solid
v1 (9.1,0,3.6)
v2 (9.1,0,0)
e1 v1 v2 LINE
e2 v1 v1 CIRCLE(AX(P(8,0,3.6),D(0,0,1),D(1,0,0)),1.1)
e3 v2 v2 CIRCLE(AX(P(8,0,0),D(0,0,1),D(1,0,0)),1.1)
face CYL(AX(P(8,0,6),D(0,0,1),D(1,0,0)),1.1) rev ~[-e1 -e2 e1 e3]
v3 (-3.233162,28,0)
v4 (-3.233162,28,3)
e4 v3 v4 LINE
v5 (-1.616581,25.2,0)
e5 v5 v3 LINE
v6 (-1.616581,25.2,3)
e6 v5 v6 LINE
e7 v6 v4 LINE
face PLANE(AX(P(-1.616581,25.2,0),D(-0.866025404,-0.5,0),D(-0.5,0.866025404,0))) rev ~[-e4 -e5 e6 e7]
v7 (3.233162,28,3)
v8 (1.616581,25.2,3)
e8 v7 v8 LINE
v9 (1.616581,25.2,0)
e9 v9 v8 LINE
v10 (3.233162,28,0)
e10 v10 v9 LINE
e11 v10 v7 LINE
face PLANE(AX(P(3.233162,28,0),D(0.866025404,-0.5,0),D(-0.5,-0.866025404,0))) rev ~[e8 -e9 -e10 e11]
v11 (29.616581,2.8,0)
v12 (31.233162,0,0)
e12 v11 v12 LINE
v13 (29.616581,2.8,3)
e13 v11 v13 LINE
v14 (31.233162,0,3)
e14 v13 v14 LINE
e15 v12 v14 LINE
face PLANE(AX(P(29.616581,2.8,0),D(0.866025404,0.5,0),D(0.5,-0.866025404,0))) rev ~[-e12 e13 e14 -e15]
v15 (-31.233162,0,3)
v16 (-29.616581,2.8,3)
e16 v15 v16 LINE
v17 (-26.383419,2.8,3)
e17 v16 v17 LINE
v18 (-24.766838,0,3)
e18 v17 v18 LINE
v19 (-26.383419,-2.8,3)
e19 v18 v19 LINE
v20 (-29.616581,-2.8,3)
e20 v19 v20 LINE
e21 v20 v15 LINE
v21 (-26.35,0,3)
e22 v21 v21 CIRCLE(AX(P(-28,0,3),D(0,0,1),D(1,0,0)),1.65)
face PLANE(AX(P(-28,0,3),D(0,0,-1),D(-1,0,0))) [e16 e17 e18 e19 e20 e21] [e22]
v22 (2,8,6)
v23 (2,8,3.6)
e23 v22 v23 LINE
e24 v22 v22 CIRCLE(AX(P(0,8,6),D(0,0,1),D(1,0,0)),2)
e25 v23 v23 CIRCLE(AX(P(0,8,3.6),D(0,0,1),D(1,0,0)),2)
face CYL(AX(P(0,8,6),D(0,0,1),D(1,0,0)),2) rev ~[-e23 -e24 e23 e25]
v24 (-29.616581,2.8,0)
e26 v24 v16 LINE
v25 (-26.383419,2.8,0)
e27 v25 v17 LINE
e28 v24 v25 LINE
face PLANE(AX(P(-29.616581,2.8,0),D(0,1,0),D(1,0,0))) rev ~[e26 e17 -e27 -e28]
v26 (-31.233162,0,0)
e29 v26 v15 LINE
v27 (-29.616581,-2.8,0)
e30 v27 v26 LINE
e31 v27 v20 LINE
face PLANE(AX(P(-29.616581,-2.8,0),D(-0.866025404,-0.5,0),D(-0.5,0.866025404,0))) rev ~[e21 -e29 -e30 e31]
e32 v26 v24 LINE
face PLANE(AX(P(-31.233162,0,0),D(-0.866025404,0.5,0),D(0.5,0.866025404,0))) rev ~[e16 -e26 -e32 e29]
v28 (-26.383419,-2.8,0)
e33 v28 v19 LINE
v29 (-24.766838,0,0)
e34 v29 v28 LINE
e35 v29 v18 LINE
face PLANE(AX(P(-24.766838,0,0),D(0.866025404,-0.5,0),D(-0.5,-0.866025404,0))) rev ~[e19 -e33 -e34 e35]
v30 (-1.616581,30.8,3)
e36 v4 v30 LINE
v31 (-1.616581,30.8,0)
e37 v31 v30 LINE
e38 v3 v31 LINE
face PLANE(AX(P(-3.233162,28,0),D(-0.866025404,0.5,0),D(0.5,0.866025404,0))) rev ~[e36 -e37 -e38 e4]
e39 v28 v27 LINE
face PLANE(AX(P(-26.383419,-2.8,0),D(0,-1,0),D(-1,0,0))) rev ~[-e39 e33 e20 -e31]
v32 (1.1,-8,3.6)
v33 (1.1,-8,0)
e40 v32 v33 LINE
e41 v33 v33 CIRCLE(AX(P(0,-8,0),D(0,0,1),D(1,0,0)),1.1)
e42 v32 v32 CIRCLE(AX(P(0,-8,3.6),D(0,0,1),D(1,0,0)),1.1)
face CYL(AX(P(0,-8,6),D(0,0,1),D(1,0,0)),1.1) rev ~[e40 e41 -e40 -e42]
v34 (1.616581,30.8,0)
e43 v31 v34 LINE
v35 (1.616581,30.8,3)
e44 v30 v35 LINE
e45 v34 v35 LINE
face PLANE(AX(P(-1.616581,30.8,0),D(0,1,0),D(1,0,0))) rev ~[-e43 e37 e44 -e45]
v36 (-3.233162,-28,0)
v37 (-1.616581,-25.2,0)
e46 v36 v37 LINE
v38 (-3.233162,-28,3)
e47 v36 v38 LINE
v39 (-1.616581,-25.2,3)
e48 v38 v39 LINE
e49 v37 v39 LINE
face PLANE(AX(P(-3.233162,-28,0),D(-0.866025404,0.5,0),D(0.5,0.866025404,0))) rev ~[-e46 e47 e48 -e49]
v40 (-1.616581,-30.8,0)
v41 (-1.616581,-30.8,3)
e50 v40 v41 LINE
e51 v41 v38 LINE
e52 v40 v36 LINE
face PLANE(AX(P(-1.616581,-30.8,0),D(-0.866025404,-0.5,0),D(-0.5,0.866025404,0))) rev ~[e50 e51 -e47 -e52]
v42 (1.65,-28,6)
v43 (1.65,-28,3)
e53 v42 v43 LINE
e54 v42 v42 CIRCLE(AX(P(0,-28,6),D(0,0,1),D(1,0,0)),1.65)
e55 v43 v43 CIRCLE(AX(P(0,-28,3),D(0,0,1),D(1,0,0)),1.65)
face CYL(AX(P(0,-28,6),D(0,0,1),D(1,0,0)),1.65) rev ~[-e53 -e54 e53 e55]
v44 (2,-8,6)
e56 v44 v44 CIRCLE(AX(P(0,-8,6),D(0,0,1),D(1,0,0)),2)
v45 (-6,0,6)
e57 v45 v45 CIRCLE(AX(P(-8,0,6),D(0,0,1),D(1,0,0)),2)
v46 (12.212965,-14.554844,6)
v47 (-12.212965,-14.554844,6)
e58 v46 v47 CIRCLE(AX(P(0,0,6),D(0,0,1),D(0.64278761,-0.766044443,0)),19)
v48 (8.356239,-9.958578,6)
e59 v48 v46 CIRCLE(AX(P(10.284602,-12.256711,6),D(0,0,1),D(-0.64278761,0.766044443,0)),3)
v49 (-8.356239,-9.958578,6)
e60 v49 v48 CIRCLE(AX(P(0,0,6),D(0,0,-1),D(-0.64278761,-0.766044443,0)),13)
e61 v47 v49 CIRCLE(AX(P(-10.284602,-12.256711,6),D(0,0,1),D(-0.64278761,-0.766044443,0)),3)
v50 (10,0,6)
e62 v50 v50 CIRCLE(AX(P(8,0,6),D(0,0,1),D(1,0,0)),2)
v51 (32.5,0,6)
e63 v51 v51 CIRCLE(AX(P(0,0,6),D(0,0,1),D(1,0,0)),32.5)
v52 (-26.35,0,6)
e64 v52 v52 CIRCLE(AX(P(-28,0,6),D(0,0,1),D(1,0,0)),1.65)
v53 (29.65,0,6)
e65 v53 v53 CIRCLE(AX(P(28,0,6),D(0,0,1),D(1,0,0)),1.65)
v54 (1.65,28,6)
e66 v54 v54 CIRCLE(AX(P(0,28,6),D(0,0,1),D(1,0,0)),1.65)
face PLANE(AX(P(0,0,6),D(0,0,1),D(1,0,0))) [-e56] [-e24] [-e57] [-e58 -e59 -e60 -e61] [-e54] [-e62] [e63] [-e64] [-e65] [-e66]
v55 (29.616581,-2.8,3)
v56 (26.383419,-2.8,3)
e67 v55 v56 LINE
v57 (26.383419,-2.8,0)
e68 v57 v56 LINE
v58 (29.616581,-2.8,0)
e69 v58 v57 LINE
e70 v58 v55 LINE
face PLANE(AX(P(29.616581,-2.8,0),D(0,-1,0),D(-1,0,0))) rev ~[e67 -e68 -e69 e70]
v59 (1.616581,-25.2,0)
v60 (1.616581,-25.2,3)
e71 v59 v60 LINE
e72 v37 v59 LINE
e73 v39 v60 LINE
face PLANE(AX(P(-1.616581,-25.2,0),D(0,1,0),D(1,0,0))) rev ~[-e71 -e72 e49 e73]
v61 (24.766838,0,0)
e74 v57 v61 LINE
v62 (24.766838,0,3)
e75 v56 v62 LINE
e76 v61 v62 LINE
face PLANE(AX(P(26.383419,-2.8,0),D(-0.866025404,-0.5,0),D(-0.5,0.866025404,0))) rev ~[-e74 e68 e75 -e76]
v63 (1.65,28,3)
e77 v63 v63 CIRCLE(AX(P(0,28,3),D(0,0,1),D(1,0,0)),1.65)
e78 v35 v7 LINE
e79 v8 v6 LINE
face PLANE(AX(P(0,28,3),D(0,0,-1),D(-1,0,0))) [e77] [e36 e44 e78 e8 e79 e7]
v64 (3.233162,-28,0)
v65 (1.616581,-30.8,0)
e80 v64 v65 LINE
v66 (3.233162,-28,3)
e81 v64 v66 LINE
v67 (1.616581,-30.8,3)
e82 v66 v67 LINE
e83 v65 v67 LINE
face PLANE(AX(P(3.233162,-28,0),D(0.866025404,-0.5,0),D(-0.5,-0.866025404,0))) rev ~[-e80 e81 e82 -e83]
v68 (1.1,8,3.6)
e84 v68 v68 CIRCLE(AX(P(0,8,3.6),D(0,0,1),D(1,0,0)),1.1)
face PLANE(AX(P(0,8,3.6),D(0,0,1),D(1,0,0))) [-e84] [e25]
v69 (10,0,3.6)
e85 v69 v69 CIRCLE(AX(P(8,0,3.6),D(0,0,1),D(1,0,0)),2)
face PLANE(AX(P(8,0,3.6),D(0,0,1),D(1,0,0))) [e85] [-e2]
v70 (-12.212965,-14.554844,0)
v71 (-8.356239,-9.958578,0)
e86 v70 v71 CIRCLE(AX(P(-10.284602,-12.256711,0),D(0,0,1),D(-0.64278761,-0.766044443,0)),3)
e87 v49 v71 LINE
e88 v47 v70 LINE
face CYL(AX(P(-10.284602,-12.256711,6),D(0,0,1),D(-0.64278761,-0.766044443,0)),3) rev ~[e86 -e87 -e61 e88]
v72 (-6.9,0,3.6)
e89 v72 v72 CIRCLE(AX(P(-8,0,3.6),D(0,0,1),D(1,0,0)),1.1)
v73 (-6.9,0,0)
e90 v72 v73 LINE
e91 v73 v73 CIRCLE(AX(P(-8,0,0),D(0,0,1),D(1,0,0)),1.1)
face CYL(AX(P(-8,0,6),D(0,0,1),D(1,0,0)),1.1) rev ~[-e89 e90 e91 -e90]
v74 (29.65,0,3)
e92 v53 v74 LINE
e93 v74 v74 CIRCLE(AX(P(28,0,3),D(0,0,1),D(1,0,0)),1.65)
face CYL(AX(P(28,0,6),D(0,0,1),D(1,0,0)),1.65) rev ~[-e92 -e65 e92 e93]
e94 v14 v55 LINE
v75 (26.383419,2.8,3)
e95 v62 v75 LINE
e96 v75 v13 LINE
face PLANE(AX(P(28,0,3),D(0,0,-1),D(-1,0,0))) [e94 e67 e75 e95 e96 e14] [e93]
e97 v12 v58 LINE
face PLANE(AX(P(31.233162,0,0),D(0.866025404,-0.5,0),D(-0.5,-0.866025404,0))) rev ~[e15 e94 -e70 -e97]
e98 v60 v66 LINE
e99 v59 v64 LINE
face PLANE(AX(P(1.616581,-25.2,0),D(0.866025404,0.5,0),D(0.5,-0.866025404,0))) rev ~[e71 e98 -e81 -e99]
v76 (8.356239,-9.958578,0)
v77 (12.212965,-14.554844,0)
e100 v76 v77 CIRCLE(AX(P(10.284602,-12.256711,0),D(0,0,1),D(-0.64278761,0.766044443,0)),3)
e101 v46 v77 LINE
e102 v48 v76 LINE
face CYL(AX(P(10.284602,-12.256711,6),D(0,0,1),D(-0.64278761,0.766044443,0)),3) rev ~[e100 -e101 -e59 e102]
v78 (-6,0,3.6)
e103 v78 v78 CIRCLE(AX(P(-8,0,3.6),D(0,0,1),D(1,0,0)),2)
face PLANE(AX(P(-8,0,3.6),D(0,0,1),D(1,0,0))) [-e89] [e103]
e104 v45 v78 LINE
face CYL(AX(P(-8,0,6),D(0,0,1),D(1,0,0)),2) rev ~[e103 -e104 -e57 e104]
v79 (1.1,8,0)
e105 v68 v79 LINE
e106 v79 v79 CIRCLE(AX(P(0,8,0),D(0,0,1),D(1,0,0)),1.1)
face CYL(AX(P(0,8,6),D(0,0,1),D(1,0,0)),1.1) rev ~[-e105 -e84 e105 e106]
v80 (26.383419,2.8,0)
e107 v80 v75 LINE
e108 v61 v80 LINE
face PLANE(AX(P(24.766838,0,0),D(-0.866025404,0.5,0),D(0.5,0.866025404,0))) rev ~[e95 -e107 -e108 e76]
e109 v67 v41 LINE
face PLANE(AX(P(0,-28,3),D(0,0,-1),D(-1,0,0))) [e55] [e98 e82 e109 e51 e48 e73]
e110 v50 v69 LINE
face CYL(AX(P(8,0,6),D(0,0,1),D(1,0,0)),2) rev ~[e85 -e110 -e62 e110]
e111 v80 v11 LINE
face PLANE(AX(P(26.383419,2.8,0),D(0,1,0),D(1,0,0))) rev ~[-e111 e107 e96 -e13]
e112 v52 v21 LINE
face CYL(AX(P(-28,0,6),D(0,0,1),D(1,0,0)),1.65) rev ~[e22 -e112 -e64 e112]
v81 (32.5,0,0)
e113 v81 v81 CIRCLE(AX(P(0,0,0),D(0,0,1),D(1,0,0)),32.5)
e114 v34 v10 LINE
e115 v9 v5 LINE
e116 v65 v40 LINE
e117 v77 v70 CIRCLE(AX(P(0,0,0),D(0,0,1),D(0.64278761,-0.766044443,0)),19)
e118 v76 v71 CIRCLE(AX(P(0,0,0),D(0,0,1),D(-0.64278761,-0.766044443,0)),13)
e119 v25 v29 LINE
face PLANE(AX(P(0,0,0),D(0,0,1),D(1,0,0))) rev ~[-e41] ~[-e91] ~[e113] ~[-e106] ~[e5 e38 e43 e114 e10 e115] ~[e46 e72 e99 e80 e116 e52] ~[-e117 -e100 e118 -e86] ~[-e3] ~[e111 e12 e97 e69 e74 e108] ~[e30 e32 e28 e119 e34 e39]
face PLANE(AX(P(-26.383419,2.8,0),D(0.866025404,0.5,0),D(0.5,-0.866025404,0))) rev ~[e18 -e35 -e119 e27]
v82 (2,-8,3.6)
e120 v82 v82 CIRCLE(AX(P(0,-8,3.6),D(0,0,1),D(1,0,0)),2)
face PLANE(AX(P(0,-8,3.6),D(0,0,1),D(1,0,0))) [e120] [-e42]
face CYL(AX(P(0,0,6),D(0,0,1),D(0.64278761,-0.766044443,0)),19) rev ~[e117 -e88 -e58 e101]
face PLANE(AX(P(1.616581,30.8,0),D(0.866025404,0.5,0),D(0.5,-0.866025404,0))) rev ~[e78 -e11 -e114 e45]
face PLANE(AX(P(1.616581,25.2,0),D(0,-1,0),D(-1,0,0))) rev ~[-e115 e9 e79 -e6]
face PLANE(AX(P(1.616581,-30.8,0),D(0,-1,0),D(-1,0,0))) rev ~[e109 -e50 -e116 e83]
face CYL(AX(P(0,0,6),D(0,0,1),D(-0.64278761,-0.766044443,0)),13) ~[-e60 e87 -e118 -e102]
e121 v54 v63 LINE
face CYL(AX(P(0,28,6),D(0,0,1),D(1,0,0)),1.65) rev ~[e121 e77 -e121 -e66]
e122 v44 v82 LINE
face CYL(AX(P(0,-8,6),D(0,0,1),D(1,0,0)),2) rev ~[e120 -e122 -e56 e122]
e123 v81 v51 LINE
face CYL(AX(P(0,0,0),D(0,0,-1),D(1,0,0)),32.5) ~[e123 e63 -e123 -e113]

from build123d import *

# Parameters (mm, degrees)
SKETCH1_R           = 32.5
BOSS_EXTRUDE1_DEPTH = 6
SKETCH16_R          = 1.1
CUT_EXTRUDE8_DEPTH  = 7
SKETCH17_R          = 2
CUT_EXTRUDE9_DEPTH  = 2.4
SKETCH12_R          = 1.65
CUT_EXTRUDE10_DEPTH = 7
CUT_EXTRUDE11_DEPTH = 3
CUT_EXTRUDE12_DEPTH = 7


with BuildPart() as part:
    # Sketch1 → Boss-Extrude1 (new body)
    with BuildSketch(Plane.XY):
        Circle(SKETCH1_R)
    extrude(amount=BOSS_EXTRUDE1_DEPTH)

    # Sketch16 → Cut-Extrude8 (cut, through all)
    with BuildSketch(Plane.XY.offset(6)):
        with Locations((8, 0)):
            Circle(SKETCH16_R)
        with Locations((-8, 0)):
            Circle(SKETCH16_R)
        with Locations((0, -8)):
            Circle(SKETCH16_R)
        with Locations((0, 8)):
            Circle(SKETCH16_R)
    extrude(amount=-CUT_EXTRUDE8_DEPTH, mode=Mode.SUBTRACT)

    # Sketch17 → Cut-Extrude9 (cut)
    with BuildSketch(Plane.XY.offset(6)):
        with Locations((8, 0)):
            Circle(SKETCH17_R)
        with Locations((-8, 0)):
            Circle(SKETCH17_R)
        with Locations((0, -8)):
            Circle(SKETCH17_R)
        with Locations((0, 8)):
            Circle(SKETCH17_R)
    extrude(amount=-CUT_EXTRUDE9_DEPTH, mode=Mode.SUBTRACT)

    # Sketch12 → Cut-Extrude10 (cut, through all)
    with BuildSketch(Plane.XY.offset(6)):
        with Locations((0, 28)):
            Circle(SKETCH12_R)
        with Locations((28, 0)):
            Circle(SKETCH12_R)
        with Locations((0, -28)):
            Circle(SKETCH12_R)
        with Locations((-28, 0)):
            Circle(SKETCH12_R)
    extrude(amount=-CUT_EXTRUDE10_DEPTH, mode=Mode.SUBTRACT)

    # Sketch18 → Cut-Extrude11 (cut)
    with BuildSketch(Plane(origin=(0, 0, 0), x_dir=(-1, 0, 0), z_dir=(0, 0, -1))):
        Polygon((1.616580754, 30.8), (-1.616580754, 30.8), (-3.233161507, 28), (-1.616580754, 25.2), (1.616580754, 25.2), (3.233161507, 28), align=None)
        Polygon((29.616580754, 2.8), (26.383419246, 2.8), (24.766838493, 0), (26.383419246, -2.8), (29.616580754, -2.8), (31.233161507, 0), align=None)
        Polygon((1.616580754, -25.2), (-1.616580754, -25.2), (-3.233161507, -28), (-1.616580754, -30.8), (1.616580754, -30.8), (3.233161507, -28), align=None)
        Polygon((-26.383419246, 2.8), (-29.616580754, 2.8), (-31.233161507, 0), (-29.616580754, -2.8), (-26.383419246, -2.8), (-24.766838493, 0), align=None)
    extrude(amount=-CUT_EXTRUDE11_DEPTH, mode=Mode.SUBTRACT)

    # Sketch19 → Cut-Extrude12 (cut, through all)
    with BuildSketch(Plane.XY.offset(6)):
        with BuildLine():
            ThreePointArc((12.212964584, -14.554844419), (0, 19), (-12.212964584, -14.554844419))
            ThreePointArc((-12.212964584, -14.554844419), (-7.986468426, -14.185073919), (-8.356238926, -9.958577761))
            ThreePointArc((-8.356238926, -9.958577761), (0, 13), (8.356238926, -9.958577761))
            ThreePointArc((8.356238926, -9.958577761), (7.986468426, -14.185073919), (12.212964584, -14.554844419))
        make_face()
    extrude(amount=-CUT_EXTRUDE12_DEPTH, mode=Mode.SUBTRACT)


solid = part.part
